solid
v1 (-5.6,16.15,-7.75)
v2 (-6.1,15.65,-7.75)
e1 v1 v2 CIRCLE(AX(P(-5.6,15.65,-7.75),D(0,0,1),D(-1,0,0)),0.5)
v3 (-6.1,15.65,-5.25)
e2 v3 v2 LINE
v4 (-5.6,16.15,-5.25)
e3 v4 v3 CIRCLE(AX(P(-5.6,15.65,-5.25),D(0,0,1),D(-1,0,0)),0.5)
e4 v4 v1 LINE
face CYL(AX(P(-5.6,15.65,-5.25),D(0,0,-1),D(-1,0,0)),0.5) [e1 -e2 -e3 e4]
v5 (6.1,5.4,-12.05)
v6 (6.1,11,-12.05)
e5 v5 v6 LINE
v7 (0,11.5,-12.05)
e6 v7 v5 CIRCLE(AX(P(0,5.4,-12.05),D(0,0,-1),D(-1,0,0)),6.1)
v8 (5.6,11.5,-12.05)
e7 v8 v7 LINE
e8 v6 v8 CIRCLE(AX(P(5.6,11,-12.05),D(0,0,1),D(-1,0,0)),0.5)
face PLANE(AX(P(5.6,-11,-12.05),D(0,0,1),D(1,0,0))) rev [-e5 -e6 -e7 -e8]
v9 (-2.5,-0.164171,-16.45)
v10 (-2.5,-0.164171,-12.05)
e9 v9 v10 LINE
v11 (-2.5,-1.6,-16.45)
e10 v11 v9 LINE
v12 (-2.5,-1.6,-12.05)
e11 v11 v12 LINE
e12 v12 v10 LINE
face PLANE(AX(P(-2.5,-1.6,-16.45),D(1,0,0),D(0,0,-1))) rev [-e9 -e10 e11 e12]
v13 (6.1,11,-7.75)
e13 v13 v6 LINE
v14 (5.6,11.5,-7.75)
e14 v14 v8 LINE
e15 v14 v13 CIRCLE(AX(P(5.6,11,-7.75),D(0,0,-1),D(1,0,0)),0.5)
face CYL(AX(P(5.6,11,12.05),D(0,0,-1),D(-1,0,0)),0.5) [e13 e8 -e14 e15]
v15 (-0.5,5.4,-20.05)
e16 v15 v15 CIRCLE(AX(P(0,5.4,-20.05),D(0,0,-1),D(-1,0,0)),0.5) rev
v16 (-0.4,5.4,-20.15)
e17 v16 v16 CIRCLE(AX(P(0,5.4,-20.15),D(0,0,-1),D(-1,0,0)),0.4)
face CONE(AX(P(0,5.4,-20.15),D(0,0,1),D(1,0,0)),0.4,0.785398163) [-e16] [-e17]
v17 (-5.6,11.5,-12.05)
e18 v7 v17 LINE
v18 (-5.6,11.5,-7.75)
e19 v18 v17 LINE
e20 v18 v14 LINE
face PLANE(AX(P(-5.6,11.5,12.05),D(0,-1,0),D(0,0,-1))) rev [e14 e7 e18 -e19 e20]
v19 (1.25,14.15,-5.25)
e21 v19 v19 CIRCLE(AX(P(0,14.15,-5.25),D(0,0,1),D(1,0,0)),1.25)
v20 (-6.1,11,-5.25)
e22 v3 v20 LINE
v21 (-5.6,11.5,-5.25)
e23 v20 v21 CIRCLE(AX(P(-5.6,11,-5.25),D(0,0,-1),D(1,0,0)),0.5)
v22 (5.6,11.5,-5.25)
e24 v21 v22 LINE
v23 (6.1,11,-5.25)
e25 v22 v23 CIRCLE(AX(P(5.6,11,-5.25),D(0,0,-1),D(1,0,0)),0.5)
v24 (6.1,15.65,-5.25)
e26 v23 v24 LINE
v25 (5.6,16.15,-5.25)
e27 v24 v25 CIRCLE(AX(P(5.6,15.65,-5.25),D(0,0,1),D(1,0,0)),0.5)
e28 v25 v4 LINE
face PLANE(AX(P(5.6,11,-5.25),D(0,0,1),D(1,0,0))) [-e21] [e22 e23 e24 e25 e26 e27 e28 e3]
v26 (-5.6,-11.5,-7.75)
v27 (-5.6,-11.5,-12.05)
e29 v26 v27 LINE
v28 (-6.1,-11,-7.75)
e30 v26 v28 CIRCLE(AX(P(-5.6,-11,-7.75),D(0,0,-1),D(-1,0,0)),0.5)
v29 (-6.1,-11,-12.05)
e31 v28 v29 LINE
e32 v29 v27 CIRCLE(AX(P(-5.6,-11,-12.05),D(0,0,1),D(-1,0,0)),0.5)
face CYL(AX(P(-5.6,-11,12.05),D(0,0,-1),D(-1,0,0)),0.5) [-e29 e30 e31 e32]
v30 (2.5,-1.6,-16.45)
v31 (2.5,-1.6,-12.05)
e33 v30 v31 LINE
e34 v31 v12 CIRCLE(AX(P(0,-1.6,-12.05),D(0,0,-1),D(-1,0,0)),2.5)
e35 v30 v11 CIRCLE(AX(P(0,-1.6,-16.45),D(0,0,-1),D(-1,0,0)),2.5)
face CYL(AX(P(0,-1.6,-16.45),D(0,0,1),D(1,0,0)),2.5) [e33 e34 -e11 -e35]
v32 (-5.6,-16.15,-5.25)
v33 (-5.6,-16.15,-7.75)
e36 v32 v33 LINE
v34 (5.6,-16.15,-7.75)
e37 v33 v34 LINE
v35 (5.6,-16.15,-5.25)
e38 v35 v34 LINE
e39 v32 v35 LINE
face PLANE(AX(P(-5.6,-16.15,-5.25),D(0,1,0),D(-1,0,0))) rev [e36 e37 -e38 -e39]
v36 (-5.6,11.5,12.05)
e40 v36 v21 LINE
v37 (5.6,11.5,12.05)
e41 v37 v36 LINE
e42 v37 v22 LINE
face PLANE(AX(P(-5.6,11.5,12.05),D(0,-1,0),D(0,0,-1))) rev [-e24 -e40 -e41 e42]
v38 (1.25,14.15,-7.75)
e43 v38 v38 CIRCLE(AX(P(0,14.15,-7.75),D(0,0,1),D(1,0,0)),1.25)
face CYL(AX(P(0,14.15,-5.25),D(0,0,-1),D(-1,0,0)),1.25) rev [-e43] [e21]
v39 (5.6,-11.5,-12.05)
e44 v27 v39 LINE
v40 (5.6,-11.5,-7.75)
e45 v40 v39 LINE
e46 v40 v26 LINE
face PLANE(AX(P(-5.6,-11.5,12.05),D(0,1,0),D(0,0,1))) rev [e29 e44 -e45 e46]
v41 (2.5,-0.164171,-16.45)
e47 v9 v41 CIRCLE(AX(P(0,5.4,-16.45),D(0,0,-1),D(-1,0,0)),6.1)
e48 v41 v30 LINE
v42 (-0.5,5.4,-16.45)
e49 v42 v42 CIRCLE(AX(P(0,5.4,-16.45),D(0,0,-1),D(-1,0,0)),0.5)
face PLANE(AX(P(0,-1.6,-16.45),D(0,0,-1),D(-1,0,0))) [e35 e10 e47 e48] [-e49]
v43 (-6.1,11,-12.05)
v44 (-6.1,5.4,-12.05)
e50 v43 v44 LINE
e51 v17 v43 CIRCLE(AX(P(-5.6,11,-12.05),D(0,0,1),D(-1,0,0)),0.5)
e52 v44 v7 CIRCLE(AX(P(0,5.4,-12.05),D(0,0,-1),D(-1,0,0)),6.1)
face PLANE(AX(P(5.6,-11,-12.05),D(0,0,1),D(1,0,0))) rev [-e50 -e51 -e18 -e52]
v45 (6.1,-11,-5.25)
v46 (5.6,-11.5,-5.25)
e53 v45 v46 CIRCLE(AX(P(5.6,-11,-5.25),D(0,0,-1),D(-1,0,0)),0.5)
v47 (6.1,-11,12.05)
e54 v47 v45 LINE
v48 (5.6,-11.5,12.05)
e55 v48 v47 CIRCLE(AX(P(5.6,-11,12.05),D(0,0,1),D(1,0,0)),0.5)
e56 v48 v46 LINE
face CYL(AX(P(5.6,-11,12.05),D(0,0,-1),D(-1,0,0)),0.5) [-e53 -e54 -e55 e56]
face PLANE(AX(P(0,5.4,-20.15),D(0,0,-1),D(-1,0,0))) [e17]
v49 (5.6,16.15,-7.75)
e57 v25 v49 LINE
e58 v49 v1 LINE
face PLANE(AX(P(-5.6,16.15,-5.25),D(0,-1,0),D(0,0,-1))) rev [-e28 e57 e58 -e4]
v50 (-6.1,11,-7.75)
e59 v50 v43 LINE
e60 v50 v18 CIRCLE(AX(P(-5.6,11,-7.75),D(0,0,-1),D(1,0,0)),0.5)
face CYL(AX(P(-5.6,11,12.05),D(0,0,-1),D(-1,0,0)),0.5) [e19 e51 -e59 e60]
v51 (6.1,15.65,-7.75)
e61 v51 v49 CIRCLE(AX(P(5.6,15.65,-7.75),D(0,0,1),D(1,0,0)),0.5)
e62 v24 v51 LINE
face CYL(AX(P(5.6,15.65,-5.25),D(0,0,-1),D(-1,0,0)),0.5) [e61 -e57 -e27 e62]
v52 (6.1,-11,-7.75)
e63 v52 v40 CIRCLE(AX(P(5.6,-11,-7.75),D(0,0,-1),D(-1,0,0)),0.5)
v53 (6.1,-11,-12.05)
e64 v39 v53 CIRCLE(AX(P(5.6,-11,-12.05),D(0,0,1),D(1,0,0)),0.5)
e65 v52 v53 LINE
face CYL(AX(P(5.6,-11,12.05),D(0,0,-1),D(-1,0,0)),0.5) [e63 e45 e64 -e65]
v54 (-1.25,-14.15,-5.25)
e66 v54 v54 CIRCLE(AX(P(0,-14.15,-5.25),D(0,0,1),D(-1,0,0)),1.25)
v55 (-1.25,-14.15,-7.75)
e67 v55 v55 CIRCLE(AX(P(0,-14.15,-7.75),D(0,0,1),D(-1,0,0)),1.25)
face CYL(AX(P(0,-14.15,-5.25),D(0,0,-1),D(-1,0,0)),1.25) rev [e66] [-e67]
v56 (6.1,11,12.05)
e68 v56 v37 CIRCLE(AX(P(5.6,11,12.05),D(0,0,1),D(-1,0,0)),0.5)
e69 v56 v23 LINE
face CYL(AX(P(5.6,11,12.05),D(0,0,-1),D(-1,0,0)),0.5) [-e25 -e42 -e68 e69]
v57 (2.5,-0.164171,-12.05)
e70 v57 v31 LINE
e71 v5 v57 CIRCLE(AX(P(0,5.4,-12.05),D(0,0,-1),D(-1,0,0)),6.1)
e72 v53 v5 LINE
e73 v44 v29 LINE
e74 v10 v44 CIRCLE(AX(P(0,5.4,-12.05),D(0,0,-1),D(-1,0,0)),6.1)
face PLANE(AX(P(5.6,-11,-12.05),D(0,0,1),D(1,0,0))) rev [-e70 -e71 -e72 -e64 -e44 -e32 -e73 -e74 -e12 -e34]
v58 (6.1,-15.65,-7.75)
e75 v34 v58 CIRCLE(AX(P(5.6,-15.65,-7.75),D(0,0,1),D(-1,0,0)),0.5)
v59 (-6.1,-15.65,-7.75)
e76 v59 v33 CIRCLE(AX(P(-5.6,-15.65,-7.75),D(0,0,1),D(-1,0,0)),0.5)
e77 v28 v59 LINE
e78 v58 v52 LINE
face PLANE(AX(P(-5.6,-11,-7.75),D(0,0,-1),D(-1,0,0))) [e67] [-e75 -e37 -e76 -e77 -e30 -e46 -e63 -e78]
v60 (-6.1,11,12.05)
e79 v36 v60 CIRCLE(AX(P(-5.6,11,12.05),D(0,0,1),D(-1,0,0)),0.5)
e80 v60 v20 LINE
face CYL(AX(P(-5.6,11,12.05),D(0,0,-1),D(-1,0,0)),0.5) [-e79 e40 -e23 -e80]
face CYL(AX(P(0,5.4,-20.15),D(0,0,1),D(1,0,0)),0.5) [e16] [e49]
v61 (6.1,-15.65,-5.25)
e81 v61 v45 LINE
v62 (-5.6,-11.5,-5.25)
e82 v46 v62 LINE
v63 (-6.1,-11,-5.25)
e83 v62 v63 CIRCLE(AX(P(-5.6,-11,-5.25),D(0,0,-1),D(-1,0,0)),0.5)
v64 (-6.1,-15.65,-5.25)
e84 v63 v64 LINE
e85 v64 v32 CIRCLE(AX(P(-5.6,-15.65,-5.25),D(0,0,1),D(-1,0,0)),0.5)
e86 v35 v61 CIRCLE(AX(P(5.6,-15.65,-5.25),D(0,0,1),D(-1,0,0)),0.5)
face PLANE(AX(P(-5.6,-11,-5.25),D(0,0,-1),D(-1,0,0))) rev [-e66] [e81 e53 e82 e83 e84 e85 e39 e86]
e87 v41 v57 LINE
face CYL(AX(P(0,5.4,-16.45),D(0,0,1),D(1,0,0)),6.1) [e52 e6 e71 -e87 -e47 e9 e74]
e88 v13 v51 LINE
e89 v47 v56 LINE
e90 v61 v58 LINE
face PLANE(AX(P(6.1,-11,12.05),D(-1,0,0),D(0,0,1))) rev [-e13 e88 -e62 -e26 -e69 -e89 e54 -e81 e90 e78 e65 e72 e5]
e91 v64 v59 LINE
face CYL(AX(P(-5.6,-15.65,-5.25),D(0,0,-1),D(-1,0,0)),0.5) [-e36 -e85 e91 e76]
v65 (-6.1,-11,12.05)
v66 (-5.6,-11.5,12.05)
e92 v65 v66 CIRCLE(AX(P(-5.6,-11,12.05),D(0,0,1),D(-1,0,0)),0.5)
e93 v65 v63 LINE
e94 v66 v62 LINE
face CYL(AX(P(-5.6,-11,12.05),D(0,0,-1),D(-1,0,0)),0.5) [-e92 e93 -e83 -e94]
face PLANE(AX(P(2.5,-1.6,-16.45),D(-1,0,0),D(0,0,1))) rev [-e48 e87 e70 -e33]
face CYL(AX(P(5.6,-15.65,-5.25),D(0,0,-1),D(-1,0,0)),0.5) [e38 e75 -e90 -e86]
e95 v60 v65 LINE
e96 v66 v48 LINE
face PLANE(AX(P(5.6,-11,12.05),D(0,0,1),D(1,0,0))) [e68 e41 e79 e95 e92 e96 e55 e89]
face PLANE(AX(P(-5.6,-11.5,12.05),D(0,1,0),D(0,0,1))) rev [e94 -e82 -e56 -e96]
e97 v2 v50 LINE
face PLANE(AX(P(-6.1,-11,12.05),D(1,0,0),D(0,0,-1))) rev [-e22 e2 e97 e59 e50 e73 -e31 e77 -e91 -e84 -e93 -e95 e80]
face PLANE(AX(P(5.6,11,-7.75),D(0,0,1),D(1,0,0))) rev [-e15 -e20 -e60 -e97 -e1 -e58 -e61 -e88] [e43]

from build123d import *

# Parameters (mm, degrees)
BOSS_EXTRUDE1_DEPTH = 12.05
SKETCH2_R           = 1.25
BOSS_EXTRUDE2_DEPTH = 2.5
BOSS_EXTRUDE3_DEPTH = 4.4
SKETCH4_R           = 0.5
BOSS_EXTRUDE4_DEPTH = 3.7
CHAMFER1_SIZE       = 0.1


with BuildPart() as part:
    # Sketch1 → Boss-Extrude1 (new body, symmetric)
    with BuildSketch(Plane.XY):
        with BuildLine():
            Line((-5.6, -11.5), (5.6, -11.5))
            ThreePointArc((5.6, -11.5), (5.953553391, -11.353553391), (6.1, -11))
            Line((6.1, -11), (6.1, 11))
            ThreePointArc((6.1, 11), (5.953553391, 11.353553391), (5.6, 11.5))
            Line((5.6, 11.5), (-5.6, 11.5))
            ThreePointArc((-5.6, 11.5), (-5.953553391, 11.353553391), (-6.1, 11))
            Line((-6.1, 11), (-6.1, -11))
            ThreePointArc((-6.1, -11), (-5.953553391, -11.353553391), (-5.6, -11.5))
        make_face()
    extrude(amount=BOSS_EXTRUDE1_DEPTH, both=True)

    # Sketch2 → Boss-Extrude2 (add)
    with BuildSketch(Plane.XY.offset(-7.75)):
        with BuildLine():
            Line((6.1, 11), (6.1, 15.65))
            ThreePointArc((6.1, 15.65), (5.953553391, 16.003553391), (5.6, 16.15))
            Line((5.6, 16.15), (-5.6, 16.15))
            ThreePointArc((-5.6, 16.15), (-5.953553391, 16.003553391), (-6.1, 15.65))
            Line((-6.1, 15.65), (-6.1, 11))
            ThreePointArc((-6.1, 11), (-5.953553391, 11.353553391), (-5.6, 11.5))
            Line((-5.6, 11.5), (5.6, 11.5))
            ThreePointArc((5.6, 11.5), (5.953553391, 11.353553391), (6.1, 11))
        make_face()
        with Locations((0, 14.15)):
            Circle(SKETCH2_R, mode=Mode.SUBTRACT)
        with BuildLine():
            Line((5.6, -11.5), (-5.6, -11.5))
            ThreePointArc((-5.6, -11.5), (-5.953553391, -11.353553391), (-6.1, -11))
            Line((-6.1, -11), (-6.1, -15.65))
            ThreePointArc((-6.1, -15.65), (-5.953553391, -16.003553391), (-5.6, -16.15))
            Line((-5.6, -16.15), (5.6, -16.15))
            ThreePointArc((5.6, -16.15), (5.953553391, -16.003553391), (6.1, -15.65))
            Line((6.1, -15.65), (6.1, -11))
            ThreePointArc((6.1, -11), (5.953553391, -11.353553391), (5.6, -11.5))
        make_face()
        with Locations((0, -14.15)):
            Circle(SKETCH2_R, mode=Mode.SUBTRACT)
    extrude(amount=BOSS_EXTRUDE2_DEPTH)

    # Sketch3 → Boss-Extrude3 (add)
    with BuildSketch(Plane(origin=(0, 0, -12.05), x_dir=(-1, 0, 0), z_dir=(0, 0, -1))):
        with BuildLine():
            Line((-2.5, -1.6), (-2.5, -0.164171097))
            ThreePointArc((-2.5, -0.164171097), (0, 11.5), (2.5, -0.164171097))
            Line((2.5, -0.164171097), (2.5, -1.6))
            ThreePointArc((2.5, -1.6), (0, -4.1), (-2.5, -1.6))
        make_face()
    extrude(amount=BOSS_EXTRUDE3_DEPTH)

    # Sketch4 → Boss-Extrude4 (add)
    with BuildSketch(Plane(origin=(0, 0, -16.45), x_dir=(-1, 0, 0), z_dir=(0, 0, -1))):
        with Locations((0, 5.4)):
            Circle(SKETCH4_R)
    extrude(amount=BOSS_EXTRUDE4_DEPTH)

    # Chamfer1
    chamfer1_edges = [part.edges().sort_by_distance(p)[0] for p in [
        (0.5, 5.4, -20.15),
    ]]
    chamfer(chamfer1_edges, length=CHAMFER1_SIZE)


solid = part.part
